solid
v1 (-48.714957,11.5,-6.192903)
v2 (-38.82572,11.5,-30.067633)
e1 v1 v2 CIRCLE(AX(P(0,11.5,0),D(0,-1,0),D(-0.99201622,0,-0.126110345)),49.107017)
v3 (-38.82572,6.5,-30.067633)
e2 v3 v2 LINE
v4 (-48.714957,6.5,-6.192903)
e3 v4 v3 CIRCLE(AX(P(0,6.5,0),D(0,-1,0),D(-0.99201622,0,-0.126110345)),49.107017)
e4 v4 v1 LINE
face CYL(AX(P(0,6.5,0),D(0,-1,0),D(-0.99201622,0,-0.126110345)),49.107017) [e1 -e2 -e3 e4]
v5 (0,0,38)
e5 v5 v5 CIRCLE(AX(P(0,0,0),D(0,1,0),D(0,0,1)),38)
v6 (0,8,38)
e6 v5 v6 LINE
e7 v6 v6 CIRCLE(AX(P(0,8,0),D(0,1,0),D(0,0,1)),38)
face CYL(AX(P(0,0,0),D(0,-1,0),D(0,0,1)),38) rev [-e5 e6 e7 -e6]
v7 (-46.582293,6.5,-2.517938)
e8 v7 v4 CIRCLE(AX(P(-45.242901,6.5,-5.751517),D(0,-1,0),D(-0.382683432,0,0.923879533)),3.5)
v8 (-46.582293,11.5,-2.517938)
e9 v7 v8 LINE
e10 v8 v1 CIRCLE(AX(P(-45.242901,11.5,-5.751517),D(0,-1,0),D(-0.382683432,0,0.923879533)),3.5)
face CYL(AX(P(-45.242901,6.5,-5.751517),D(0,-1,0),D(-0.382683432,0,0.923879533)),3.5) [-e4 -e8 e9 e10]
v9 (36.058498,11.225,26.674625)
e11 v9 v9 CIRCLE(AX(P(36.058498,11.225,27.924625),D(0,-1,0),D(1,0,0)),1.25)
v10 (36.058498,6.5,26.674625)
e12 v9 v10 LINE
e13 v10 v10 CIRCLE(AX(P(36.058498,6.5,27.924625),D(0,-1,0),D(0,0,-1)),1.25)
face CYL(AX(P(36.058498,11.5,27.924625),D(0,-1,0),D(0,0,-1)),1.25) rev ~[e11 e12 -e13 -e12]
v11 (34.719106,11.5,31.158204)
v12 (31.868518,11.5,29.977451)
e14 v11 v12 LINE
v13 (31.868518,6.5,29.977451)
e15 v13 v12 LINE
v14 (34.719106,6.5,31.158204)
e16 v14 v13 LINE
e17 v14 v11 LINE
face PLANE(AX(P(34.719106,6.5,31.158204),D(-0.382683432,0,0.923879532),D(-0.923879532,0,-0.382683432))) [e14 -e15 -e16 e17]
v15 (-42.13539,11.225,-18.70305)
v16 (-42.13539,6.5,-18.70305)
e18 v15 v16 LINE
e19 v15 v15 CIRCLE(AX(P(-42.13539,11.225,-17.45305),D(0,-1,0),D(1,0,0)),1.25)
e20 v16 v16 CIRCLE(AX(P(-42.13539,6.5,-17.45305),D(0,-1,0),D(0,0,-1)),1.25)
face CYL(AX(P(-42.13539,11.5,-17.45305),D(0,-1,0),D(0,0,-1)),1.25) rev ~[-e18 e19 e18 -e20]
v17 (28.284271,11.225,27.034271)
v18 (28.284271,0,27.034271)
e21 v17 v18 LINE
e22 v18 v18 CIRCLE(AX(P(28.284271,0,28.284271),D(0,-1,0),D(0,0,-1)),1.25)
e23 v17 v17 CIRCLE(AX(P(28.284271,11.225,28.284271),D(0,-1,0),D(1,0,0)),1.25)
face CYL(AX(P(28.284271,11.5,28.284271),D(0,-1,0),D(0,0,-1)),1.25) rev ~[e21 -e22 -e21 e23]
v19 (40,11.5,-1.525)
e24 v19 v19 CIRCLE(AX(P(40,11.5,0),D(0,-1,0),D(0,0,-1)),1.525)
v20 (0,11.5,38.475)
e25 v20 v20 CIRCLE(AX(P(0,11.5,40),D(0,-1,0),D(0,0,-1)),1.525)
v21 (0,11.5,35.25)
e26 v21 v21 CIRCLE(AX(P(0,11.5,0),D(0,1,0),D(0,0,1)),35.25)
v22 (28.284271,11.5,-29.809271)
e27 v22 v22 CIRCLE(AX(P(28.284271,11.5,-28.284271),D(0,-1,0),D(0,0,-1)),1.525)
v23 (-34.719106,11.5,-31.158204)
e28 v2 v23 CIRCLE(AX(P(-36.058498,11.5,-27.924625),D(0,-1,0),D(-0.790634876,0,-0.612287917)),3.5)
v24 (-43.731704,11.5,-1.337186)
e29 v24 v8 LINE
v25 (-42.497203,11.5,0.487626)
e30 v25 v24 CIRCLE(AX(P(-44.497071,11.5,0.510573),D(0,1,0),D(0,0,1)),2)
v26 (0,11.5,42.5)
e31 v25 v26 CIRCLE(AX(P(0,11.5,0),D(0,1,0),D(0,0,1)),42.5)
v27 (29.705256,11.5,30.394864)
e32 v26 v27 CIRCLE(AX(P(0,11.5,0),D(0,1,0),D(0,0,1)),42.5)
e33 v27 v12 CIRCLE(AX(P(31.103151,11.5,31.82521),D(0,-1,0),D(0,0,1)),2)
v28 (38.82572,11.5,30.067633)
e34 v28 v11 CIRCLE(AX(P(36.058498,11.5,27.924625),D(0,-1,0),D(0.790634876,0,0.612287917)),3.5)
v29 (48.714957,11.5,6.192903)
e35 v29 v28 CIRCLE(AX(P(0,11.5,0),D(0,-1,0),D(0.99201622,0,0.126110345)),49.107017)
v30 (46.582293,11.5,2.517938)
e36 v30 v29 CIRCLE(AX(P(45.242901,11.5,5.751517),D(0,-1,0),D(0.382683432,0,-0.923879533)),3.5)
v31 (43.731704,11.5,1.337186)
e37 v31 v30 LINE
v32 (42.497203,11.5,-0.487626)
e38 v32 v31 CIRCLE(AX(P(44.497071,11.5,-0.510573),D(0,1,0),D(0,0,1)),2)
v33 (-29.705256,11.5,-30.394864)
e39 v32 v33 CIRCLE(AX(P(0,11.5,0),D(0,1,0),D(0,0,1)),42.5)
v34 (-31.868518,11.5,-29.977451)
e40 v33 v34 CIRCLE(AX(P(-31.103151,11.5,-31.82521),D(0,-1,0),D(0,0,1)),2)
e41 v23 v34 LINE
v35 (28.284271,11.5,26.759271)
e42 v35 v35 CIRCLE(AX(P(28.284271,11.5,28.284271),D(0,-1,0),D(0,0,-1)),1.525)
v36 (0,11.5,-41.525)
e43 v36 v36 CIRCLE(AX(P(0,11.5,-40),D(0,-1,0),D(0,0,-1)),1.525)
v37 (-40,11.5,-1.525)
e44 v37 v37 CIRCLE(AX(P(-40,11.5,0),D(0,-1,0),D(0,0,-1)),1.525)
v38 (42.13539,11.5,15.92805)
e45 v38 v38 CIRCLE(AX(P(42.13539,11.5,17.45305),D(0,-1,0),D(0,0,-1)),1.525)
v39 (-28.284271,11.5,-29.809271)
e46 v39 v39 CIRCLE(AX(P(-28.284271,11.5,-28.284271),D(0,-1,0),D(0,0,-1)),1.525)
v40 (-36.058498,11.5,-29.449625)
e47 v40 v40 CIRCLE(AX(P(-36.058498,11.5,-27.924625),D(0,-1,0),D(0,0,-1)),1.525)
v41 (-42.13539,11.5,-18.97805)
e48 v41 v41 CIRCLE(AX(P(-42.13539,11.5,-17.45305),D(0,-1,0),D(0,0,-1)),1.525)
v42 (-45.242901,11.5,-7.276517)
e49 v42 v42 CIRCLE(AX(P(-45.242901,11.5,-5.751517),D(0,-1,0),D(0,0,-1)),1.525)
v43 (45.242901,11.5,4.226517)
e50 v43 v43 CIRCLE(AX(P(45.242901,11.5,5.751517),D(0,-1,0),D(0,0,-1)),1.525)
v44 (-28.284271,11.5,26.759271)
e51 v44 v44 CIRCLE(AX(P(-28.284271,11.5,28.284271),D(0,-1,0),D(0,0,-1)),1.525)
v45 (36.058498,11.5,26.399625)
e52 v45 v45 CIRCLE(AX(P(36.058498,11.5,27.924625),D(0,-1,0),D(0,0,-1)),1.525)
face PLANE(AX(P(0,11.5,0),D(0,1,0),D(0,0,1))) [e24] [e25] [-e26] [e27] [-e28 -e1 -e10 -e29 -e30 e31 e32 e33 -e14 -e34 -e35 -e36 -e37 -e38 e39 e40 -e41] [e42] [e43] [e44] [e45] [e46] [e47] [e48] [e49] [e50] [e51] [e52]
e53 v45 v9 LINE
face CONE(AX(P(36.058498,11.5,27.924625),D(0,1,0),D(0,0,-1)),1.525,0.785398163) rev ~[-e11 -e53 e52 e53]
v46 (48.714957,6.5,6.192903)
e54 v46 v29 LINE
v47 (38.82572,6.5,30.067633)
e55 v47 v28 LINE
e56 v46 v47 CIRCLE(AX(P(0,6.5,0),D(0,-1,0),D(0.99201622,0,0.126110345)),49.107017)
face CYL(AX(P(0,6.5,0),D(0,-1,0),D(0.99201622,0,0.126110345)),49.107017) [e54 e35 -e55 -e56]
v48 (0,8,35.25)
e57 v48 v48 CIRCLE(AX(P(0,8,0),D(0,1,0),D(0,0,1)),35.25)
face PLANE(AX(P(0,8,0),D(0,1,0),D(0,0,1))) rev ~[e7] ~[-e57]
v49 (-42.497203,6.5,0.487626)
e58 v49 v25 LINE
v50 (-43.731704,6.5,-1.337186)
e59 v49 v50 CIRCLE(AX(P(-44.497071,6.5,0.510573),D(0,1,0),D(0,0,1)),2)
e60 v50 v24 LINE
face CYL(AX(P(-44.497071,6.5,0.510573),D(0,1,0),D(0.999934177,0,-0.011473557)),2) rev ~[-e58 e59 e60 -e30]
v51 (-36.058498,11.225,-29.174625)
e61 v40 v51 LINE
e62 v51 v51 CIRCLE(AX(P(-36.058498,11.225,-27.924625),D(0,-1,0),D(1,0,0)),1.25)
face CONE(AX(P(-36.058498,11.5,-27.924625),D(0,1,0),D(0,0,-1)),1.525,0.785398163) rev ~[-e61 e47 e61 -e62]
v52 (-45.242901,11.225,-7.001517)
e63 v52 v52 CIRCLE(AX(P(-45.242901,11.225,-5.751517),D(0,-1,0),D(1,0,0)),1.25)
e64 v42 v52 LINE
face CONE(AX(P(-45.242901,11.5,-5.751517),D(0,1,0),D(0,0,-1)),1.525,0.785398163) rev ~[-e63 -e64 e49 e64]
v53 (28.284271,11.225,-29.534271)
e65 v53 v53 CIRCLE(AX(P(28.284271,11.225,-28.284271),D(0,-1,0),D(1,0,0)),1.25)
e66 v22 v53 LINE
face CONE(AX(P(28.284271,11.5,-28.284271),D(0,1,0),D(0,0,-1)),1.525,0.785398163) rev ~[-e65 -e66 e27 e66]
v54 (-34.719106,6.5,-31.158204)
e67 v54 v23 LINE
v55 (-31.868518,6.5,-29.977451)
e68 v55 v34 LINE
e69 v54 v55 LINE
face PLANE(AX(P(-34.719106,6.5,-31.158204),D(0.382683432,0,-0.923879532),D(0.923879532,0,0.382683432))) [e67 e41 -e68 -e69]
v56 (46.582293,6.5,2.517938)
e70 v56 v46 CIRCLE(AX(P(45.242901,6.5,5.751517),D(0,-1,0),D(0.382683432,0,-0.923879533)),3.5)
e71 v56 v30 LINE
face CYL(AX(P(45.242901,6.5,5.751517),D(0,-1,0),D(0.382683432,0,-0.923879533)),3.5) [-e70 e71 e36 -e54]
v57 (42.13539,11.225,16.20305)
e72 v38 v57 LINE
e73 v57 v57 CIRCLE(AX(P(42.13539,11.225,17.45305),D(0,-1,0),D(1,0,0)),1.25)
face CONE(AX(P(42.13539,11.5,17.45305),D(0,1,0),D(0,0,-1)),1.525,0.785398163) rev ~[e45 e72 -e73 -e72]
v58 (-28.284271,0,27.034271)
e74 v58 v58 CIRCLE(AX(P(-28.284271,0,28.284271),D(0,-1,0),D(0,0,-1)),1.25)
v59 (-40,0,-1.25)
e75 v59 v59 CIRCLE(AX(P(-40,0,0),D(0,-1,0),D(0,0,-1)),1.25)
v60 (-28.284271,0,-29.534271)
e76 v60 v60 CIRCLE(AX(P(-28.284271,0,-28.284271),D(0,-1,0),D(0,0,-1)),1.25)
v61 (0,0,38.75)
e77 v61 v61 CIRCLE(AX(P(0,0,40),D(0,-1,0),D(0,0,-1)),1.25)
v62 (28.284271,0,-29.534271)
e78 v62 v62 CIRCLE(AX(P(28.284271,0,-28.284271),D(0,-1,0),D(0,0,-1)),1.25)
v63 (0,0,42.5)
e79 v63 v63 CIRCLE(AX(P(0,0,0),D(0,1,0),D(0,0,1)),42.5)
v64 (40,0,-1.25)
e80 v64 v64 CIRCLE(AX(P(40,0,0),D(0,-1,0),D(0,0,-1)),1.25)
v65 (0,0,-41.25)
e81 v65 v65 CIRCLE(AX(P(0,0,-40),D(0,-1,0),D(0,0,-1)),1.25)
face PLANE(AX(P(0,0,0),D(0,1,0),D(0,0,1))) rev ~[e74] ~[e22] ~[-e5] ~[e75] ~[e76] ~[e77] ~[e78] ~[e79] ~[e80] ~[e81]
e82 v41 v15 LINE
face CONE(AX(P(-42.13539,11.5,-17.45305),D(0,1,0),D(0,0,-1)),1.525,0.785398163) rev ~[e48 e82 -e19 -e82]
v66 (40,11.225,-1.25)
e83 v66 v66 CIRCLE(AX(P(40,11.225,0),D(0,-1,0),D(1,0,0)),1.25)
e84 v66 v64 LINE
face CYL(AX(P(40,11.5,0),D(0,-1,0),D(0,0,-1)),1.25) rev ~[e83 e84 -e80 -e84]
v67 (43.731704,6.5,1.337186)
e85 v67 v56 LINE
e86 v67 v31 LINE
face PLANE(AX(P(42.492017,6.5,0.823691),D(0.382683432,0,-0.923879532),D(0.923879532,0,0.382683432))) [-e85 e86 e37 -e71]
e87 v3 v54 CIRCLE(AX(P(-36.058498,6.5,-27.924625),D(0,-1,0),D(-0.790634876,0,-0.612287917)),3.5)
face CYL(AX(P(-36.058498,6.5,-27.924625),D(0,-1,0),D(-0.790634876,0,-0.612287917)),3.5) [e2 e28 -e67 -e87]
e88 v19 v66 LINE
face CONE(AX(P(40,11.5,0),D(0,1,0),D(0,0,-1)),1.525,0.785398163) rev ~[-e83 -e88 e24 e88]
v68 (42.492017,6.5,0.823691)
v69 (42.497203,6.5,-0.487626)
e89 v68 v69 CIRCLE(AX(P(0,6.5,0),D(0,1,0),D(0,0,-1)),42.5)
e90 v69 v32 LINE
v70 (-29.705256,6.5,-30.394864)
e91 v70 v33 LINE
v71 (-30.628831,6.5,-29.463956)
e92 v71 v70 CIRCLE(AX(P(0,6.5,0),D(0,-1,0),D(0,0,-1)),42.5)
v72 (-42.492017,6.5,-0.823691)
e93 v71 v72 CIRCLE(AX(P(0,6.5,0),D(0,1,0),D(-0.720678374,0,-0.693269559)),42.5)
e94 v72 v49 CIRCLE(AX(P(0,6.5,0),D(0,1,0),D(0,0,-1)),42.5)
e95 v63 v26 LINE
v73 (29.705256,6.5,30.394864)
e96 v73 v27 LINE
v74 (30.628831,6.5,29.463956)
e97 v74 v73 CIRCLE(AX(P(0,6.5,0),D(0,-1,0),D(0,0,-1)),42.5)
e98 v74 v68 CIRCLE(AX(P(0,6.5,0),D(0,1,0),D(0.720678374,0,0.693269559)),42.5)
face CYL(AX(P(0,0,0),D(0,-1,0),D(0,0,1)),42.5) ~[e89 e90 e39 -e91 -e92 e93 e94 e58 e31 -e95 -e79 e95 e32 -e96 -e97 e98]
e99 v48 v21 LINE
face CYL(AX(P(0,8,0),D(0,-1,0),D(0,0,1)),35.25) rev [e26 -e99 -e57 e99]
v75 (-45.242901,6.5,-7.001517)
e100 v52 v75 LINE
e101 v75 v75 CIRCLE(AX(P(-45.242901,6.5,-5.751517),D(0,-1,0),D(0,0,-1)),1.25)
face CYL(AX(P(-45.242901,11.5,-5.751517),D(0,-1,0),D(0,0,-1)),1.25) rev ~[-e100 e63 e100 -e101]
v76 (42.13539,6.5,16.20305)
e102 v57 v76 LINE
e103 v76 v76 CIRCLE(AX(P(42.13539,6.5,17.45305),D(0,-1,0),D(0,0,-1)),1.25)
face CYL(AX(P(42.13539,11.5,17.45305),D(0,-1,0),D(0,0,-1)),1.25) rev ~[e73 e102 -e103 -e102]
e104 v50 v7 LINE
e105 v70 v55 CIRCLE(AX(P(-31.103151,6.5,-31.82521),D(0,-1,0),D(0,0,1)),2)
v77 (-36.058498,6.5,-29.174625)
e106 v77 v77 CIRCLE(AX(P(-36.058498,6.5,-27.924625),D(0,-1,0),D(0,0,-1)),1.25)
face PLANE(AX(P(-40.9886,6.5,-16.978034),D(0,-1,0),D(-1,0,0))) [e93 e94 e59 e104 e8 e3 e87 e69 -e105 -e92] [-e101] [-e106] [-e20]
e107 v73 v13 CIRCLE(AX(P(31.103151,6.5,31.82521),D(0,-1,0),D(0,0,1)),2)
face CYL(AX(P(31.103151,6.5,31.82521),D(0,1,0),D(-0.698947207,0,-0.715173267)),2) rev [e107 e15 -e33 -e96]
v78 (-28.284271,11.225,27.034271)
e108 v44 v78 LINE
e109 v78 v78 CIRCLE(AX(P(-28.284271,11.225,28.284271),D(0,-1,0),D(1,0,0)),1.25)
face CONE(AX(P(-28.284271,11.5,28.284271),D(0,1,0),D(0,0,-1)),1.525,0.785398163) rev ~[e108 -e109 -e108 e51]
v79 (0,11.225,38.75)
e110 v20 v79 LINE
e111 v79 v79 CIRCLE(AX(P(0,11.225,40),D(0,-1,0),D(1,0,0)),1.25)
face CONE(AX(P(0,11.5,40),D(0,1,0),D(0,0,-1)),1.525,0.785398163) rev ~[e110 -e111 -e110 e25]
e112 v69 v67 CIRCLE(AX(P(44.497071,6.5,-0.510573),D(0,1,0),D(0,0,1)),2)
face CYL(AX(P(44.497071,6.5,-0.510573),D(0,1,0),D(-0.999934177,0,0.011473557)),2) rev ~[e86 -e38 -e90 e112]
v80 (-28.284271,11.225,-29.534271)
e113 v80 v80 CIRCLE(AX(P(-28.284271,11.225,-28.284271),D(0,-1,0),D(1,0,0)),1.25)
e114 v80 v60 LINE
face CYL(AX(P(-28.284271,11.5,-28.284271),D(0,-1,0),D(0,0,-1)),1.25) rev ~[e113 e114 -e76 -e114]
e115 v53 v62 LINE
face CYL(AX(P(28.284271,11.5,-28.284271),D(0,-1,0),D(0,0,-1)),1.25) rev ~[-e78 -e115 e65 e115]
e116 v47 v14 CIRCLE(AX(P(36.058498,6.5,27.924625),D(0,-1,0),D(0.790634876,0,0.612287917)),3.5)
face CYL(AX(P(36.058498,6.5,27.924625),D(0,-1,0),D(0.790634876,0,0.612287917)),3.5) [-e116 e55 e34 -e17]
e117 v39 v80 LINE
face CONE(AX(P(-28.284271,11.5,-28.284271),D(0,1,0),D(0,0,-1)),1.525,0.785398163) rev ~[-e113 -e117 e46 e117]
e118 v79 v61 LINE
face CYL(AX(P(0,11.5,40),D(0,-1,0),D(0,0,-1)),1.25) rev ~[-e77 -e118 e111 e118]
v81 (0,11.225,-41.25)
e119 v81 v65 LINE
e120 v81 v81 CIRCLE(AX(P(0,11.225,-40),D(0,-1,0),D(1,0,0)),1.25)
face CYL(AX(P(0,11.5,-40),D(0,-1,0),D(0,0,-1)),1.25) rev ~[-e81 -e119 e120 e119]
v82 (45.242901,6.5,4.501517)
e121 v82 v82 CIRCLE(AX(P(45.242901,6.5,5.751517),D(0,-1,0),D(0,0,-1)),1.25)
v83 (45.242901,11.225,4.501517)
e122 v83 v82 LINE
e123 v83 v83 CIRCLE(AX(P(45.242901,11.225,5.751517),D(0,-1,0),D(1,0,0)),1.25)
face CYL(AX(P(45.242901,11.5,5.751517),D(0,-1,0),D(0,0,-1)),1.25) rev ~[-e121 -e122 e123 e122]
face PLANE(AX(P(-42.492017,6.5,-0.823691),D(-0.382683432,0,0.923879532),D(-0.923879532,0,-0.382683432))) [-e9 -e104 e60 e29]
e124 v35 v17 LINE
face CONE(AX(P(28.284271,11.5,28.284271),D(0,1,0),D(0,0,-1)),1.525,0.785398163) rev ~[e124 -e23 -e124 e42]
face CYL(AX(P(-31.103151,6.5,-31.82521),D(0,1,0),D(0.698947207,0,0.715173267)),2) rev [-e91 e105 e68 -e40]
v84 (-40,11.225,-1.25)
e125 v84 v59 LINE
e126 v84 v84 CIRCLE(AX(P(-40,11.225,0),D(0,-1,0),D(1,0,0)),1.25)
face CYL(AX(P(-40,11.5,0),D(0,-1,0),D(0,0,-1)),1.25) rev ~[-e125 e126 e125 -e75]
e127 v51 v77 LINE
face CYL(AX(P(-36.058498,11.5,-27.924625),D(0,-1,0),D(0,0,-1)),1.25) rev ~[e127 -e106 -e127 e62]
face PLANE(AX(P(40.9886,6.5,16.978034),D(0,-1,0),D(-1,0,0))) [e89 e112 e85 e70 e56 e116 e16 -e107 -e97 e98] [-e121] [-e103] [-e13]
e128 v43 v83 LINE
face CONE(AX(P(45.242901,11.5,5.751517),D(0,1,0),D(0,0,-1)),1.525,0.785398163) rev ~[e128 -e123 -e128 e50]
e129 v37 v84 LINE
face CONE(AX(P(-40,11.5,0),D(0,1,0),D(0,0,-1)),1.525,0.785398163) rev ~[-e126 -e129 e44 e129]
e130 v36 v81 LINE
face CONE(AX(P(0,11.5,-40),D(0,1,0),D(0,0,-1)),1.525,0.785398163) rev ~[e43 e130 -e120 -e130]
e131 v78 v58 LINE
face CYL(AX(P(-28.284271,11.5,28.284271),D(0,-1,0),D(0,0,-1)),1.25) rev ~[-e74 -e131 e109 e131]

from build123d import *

# Parameters (mm, degrees)
SKETCH_1_R                   = 42.5
SKETCH_1_R_2                 = 38
EXTRUDE_1_DEPTH              = 11.5
EXTRUDE_START                = -3.5
SKETCH_2_R                   = 38
SKETCH_2_R_2                 = 35.25
EXTRUDE_2_DEPTH              = 3.5
SKETCH_3_R                   = 1
CUT_EXTRUDE_1_DEPTH          = 62.194362485
EXTRUDE_START_2              = -5
SKETCH_5_R                   = 1.15
EXTRUDE_3_DEPTH              = 5
FILLET_1_R                   = 2
HOLE_WIZARD_M3_1_D           = 2.5
HOLE_WIZARD_M3_1_CSINK_D     = 3.05
HOLE_WIZARD_M3_1_CSINK_ANGLE = 90
HOLE_WIZARD_M3_2_D           = 2.5
HOLE_WIZARD_M3_2_CSINK_D     = 3.05
HOLE_WIZARD_M3_2_CSINK_ANGLE = 90


with BuildPart() as part:
    # 草图1 → 凸台-拉伸1 (new body)
    with BuildSketch(Plane(origin=(0, 0, 0), x_dir=(1, 0, 0), z_dir=(0, 1, 0))):
        with Locations(Location((0, 0, 0), (0, 0, 270))):
            Circle(SKETCH_1_R)
        with Locations(Location((0, 0, 0), (0, 0, 270))):
            Circle(SKETCH_1_R_2, mode=Mode.SUBTRACT)
    extrude(amount=EXTRUDE_1_DEPTH)

    # 草图2 → 凸台-拉伸2 (add)
    with BuildSketch(Plane(origin=(0, 11.5, 0), x_dir=(1, 0, 0), z_dir=(0, 1, 0)).offset(EXTRUDE_START)):
        with Locations(Location((0, 0, 0), (0, 0, 270))):
            Circle(SKETCH_2_R)
        with Locations(Location((0, 0, 0), (0, 0, 270))):
            Circle(SKETCH_2_R_2, mode=Mode.SUBTRACT)
    extrude(amount=EXTRUDE_2_DEPTH)

    # 草图3 → 切除-拉伸1 (cut, through all)
    with BuildSketch(Plane.XZ):
        with Locations(Location((0, -40, 0), (0, 0, 270))):
            Circle(SKETCH_3_R)
        with Locations(Location((-28.284271247, -28.284271247, 0), (0, 0, 270))):
            Circle(SKETCH_3_R)
        with Locations(Location((-40, 0, 0), (0, 0, 270))):
            Circle(SKETCH_3_R)
        with Locations(Location((-28.284271247, 28.284271247, 0), (0, 0, 270))):
            Circle(SKETCH_3_R)
        with Locations(Location((0, 40, 0), (0, 0, 270))):
            Circle(SKETCH_3_R)
        with Locations(Location((28.284271247, 28.284271247, 0), (0, 0, 270))):
            Circle(SKETCH_3_R)
        with Locations(Location((40, 0, 0), (0, 0, 270))):
            Circle(SKETCH_3_R)
        with Locations(Location((28.284271247, -28.284271247, 0), (0, 0, 270))):
            Circle(SKETCH_3_R)
    extrude(amount=-CUT_EXTRUDE_1_DEPTH, mode=Mode.SUBTRACT)

    # 草图5 → 凸台-拉伸3 (add)
    # profile 1 of 2: a face of its own
    with BuildSketch(Plane(origin=(0, 11.5, 0), x_dir=(1, 0, 0), z_dir=(0, 1, 0)).offset(EXTRUDE_START_2)):
        with BuildLine():
            Line((34.719106229, -31.158203778), (30.628830889, -29.463956258))
            ThreePointArc((30.628830889, -29.463956258), (39.264880132, -16.264045876), (42.492017292, -0.82369075))
            Line((42.492017292, -0.82369075), (46.582292632, -2.51793827))
            ThreePointArc((46.582292632, -2.51793827), (48.270085945, -3.99477277), (48.714957389, -6.19290284))
            ThreePointArc((48.714957389, -6.19290284), (45.368967913, -18.79244182), (38.825720309, -30.067633122))
            ThreePointArc((38.825720309, -30.067633122), (36.956836015, -31.307374185), (34.719106229, -31.158203778))
        make_face()
        with Locations(Location((36.058498242, -27.924625414, 0), (0, 0, 270))):
            Circle(SKETCH_5_R, mode=Mode.SUBTRACT)
        with Locations(Location((45.242900619, -5.751516634, 0), (0, 0, 270))):
            Circle(SKETCH_5_R, mode=Mode.SUBTRACT)
        with Locations(Location((42.135389549, -17.453049807, 0), (0, 0, 270))):
            Circle(SKETCH_5_R, mode=Mode.SUBTRACT)
    # profile 2 of 2: a face of its own
    with BuildSketch(Plane(origin=(0, 11.5, 0), x_dir=(1, 0, 0), z_dir=(0, 1, 0)).offset(EXTRUDE_START_2)):
        with BuildLine():
            Line((-34.719106229, 31.158203778), (-30.628830889, 29.463956258))
            ThreePointArc((-30.628830889, 29.463956258), (-39.264880132, 16.264045876), (-42.492017292, 0.82369075))
            Line((-42.492017292, 0.82369075), (-46.582292632, 2.51793827))
            ThreePointArc((-46.582292632, 2.51793827), (-48.270085945, 3.99477277), (-48.714957389, 6.19290284))
            ThreePointArc((-48.714957389, 6.19290284), (-45.368967913, 18.79244182), (-38.825720309, 30.067633122))
            ThreePointArc((-38.825720309, 30.067633122), (-36.956836015, 31.307374185), (-34.719106229, 31.158203778))
        make_face()
        with Locations(Location((-36.058498242, 27.924625414, 0), (0, 0, 270))):
            Circle(SKETCH_5_R, mode=Mode.SUBTRACT)
        with Locations(Location((-45.242900619, 5.751516634, 0), (0, 0, 270))):
            Circle(SKETCH_5_R, mode=Mode.SUBTRACT)
        with Locations(Location((-42.135389549, 17.453049807, 0), (0, 0, 270))):
            Circle(SKETCH_5_R, mode=Mode.SUBTRACT)
    extrude(amount=EXTRUDE_3_DEPTH)

    # 圆角1
    fillet_1_edges = [part.edges().sort_by_distance(p)[0] for p in [
        (30.628830889, 9, 29.463956258),
        (42.492017292, 9, 0.82369075),
        (-30.628830889, 9, -29.463956258),
        (-42.492017292, 9, -0.82369075),
    ]]
    fillet(fillet_1_edges, radius=FILLET_1_R)

    # M3 螺纹孔1 (through all)
    with Locations(Plane(origin=(40, 11.5, 0), x_dir=(0, 0, 1), z_dir=(0, 1, 0))):
        with Locations((0, 0), (-28.284271247, -11.715728753), (-40, -40), (-28.284271247, -68.284271247), (0, -80), (28.284271247, -68.284271247), (17.453049807, 2.135389549), (5.751516634, 5.242900619), (-5.751516634, -85.242900619), (-17.453049807, -82.135389549), (-27.924625414, -76.058498242)):
            CounterSinkHole(HOLE_WIZARD_M3_1_D / 2, HOLE_WIZARD_M3_1_CSINK_D / 2, counter_sink_angle=HOLE_WIZARD_M3_1_CSINK_ANGLE)

    # M3 螺纹孔2 (through all)
    with Locations(Plane(origin=(36.058498242, 11.5, 27.924625414), x_dir=(0, 0, 1), z_dir=(0, 1, 0))):
        with Locations((0, 0), (0.359645833, -7.774226995), (12.075374586, -36.058498242)):
            CounterSinkHole(HOLE_WIZARD_M3_2_D / 2, HOLE_WIZARD_M3_2_CSINK_D / 2, counter_sink_angle=HOLE_WIZARD_M3_2_CSINK_ANGLE)


solid = part.part
